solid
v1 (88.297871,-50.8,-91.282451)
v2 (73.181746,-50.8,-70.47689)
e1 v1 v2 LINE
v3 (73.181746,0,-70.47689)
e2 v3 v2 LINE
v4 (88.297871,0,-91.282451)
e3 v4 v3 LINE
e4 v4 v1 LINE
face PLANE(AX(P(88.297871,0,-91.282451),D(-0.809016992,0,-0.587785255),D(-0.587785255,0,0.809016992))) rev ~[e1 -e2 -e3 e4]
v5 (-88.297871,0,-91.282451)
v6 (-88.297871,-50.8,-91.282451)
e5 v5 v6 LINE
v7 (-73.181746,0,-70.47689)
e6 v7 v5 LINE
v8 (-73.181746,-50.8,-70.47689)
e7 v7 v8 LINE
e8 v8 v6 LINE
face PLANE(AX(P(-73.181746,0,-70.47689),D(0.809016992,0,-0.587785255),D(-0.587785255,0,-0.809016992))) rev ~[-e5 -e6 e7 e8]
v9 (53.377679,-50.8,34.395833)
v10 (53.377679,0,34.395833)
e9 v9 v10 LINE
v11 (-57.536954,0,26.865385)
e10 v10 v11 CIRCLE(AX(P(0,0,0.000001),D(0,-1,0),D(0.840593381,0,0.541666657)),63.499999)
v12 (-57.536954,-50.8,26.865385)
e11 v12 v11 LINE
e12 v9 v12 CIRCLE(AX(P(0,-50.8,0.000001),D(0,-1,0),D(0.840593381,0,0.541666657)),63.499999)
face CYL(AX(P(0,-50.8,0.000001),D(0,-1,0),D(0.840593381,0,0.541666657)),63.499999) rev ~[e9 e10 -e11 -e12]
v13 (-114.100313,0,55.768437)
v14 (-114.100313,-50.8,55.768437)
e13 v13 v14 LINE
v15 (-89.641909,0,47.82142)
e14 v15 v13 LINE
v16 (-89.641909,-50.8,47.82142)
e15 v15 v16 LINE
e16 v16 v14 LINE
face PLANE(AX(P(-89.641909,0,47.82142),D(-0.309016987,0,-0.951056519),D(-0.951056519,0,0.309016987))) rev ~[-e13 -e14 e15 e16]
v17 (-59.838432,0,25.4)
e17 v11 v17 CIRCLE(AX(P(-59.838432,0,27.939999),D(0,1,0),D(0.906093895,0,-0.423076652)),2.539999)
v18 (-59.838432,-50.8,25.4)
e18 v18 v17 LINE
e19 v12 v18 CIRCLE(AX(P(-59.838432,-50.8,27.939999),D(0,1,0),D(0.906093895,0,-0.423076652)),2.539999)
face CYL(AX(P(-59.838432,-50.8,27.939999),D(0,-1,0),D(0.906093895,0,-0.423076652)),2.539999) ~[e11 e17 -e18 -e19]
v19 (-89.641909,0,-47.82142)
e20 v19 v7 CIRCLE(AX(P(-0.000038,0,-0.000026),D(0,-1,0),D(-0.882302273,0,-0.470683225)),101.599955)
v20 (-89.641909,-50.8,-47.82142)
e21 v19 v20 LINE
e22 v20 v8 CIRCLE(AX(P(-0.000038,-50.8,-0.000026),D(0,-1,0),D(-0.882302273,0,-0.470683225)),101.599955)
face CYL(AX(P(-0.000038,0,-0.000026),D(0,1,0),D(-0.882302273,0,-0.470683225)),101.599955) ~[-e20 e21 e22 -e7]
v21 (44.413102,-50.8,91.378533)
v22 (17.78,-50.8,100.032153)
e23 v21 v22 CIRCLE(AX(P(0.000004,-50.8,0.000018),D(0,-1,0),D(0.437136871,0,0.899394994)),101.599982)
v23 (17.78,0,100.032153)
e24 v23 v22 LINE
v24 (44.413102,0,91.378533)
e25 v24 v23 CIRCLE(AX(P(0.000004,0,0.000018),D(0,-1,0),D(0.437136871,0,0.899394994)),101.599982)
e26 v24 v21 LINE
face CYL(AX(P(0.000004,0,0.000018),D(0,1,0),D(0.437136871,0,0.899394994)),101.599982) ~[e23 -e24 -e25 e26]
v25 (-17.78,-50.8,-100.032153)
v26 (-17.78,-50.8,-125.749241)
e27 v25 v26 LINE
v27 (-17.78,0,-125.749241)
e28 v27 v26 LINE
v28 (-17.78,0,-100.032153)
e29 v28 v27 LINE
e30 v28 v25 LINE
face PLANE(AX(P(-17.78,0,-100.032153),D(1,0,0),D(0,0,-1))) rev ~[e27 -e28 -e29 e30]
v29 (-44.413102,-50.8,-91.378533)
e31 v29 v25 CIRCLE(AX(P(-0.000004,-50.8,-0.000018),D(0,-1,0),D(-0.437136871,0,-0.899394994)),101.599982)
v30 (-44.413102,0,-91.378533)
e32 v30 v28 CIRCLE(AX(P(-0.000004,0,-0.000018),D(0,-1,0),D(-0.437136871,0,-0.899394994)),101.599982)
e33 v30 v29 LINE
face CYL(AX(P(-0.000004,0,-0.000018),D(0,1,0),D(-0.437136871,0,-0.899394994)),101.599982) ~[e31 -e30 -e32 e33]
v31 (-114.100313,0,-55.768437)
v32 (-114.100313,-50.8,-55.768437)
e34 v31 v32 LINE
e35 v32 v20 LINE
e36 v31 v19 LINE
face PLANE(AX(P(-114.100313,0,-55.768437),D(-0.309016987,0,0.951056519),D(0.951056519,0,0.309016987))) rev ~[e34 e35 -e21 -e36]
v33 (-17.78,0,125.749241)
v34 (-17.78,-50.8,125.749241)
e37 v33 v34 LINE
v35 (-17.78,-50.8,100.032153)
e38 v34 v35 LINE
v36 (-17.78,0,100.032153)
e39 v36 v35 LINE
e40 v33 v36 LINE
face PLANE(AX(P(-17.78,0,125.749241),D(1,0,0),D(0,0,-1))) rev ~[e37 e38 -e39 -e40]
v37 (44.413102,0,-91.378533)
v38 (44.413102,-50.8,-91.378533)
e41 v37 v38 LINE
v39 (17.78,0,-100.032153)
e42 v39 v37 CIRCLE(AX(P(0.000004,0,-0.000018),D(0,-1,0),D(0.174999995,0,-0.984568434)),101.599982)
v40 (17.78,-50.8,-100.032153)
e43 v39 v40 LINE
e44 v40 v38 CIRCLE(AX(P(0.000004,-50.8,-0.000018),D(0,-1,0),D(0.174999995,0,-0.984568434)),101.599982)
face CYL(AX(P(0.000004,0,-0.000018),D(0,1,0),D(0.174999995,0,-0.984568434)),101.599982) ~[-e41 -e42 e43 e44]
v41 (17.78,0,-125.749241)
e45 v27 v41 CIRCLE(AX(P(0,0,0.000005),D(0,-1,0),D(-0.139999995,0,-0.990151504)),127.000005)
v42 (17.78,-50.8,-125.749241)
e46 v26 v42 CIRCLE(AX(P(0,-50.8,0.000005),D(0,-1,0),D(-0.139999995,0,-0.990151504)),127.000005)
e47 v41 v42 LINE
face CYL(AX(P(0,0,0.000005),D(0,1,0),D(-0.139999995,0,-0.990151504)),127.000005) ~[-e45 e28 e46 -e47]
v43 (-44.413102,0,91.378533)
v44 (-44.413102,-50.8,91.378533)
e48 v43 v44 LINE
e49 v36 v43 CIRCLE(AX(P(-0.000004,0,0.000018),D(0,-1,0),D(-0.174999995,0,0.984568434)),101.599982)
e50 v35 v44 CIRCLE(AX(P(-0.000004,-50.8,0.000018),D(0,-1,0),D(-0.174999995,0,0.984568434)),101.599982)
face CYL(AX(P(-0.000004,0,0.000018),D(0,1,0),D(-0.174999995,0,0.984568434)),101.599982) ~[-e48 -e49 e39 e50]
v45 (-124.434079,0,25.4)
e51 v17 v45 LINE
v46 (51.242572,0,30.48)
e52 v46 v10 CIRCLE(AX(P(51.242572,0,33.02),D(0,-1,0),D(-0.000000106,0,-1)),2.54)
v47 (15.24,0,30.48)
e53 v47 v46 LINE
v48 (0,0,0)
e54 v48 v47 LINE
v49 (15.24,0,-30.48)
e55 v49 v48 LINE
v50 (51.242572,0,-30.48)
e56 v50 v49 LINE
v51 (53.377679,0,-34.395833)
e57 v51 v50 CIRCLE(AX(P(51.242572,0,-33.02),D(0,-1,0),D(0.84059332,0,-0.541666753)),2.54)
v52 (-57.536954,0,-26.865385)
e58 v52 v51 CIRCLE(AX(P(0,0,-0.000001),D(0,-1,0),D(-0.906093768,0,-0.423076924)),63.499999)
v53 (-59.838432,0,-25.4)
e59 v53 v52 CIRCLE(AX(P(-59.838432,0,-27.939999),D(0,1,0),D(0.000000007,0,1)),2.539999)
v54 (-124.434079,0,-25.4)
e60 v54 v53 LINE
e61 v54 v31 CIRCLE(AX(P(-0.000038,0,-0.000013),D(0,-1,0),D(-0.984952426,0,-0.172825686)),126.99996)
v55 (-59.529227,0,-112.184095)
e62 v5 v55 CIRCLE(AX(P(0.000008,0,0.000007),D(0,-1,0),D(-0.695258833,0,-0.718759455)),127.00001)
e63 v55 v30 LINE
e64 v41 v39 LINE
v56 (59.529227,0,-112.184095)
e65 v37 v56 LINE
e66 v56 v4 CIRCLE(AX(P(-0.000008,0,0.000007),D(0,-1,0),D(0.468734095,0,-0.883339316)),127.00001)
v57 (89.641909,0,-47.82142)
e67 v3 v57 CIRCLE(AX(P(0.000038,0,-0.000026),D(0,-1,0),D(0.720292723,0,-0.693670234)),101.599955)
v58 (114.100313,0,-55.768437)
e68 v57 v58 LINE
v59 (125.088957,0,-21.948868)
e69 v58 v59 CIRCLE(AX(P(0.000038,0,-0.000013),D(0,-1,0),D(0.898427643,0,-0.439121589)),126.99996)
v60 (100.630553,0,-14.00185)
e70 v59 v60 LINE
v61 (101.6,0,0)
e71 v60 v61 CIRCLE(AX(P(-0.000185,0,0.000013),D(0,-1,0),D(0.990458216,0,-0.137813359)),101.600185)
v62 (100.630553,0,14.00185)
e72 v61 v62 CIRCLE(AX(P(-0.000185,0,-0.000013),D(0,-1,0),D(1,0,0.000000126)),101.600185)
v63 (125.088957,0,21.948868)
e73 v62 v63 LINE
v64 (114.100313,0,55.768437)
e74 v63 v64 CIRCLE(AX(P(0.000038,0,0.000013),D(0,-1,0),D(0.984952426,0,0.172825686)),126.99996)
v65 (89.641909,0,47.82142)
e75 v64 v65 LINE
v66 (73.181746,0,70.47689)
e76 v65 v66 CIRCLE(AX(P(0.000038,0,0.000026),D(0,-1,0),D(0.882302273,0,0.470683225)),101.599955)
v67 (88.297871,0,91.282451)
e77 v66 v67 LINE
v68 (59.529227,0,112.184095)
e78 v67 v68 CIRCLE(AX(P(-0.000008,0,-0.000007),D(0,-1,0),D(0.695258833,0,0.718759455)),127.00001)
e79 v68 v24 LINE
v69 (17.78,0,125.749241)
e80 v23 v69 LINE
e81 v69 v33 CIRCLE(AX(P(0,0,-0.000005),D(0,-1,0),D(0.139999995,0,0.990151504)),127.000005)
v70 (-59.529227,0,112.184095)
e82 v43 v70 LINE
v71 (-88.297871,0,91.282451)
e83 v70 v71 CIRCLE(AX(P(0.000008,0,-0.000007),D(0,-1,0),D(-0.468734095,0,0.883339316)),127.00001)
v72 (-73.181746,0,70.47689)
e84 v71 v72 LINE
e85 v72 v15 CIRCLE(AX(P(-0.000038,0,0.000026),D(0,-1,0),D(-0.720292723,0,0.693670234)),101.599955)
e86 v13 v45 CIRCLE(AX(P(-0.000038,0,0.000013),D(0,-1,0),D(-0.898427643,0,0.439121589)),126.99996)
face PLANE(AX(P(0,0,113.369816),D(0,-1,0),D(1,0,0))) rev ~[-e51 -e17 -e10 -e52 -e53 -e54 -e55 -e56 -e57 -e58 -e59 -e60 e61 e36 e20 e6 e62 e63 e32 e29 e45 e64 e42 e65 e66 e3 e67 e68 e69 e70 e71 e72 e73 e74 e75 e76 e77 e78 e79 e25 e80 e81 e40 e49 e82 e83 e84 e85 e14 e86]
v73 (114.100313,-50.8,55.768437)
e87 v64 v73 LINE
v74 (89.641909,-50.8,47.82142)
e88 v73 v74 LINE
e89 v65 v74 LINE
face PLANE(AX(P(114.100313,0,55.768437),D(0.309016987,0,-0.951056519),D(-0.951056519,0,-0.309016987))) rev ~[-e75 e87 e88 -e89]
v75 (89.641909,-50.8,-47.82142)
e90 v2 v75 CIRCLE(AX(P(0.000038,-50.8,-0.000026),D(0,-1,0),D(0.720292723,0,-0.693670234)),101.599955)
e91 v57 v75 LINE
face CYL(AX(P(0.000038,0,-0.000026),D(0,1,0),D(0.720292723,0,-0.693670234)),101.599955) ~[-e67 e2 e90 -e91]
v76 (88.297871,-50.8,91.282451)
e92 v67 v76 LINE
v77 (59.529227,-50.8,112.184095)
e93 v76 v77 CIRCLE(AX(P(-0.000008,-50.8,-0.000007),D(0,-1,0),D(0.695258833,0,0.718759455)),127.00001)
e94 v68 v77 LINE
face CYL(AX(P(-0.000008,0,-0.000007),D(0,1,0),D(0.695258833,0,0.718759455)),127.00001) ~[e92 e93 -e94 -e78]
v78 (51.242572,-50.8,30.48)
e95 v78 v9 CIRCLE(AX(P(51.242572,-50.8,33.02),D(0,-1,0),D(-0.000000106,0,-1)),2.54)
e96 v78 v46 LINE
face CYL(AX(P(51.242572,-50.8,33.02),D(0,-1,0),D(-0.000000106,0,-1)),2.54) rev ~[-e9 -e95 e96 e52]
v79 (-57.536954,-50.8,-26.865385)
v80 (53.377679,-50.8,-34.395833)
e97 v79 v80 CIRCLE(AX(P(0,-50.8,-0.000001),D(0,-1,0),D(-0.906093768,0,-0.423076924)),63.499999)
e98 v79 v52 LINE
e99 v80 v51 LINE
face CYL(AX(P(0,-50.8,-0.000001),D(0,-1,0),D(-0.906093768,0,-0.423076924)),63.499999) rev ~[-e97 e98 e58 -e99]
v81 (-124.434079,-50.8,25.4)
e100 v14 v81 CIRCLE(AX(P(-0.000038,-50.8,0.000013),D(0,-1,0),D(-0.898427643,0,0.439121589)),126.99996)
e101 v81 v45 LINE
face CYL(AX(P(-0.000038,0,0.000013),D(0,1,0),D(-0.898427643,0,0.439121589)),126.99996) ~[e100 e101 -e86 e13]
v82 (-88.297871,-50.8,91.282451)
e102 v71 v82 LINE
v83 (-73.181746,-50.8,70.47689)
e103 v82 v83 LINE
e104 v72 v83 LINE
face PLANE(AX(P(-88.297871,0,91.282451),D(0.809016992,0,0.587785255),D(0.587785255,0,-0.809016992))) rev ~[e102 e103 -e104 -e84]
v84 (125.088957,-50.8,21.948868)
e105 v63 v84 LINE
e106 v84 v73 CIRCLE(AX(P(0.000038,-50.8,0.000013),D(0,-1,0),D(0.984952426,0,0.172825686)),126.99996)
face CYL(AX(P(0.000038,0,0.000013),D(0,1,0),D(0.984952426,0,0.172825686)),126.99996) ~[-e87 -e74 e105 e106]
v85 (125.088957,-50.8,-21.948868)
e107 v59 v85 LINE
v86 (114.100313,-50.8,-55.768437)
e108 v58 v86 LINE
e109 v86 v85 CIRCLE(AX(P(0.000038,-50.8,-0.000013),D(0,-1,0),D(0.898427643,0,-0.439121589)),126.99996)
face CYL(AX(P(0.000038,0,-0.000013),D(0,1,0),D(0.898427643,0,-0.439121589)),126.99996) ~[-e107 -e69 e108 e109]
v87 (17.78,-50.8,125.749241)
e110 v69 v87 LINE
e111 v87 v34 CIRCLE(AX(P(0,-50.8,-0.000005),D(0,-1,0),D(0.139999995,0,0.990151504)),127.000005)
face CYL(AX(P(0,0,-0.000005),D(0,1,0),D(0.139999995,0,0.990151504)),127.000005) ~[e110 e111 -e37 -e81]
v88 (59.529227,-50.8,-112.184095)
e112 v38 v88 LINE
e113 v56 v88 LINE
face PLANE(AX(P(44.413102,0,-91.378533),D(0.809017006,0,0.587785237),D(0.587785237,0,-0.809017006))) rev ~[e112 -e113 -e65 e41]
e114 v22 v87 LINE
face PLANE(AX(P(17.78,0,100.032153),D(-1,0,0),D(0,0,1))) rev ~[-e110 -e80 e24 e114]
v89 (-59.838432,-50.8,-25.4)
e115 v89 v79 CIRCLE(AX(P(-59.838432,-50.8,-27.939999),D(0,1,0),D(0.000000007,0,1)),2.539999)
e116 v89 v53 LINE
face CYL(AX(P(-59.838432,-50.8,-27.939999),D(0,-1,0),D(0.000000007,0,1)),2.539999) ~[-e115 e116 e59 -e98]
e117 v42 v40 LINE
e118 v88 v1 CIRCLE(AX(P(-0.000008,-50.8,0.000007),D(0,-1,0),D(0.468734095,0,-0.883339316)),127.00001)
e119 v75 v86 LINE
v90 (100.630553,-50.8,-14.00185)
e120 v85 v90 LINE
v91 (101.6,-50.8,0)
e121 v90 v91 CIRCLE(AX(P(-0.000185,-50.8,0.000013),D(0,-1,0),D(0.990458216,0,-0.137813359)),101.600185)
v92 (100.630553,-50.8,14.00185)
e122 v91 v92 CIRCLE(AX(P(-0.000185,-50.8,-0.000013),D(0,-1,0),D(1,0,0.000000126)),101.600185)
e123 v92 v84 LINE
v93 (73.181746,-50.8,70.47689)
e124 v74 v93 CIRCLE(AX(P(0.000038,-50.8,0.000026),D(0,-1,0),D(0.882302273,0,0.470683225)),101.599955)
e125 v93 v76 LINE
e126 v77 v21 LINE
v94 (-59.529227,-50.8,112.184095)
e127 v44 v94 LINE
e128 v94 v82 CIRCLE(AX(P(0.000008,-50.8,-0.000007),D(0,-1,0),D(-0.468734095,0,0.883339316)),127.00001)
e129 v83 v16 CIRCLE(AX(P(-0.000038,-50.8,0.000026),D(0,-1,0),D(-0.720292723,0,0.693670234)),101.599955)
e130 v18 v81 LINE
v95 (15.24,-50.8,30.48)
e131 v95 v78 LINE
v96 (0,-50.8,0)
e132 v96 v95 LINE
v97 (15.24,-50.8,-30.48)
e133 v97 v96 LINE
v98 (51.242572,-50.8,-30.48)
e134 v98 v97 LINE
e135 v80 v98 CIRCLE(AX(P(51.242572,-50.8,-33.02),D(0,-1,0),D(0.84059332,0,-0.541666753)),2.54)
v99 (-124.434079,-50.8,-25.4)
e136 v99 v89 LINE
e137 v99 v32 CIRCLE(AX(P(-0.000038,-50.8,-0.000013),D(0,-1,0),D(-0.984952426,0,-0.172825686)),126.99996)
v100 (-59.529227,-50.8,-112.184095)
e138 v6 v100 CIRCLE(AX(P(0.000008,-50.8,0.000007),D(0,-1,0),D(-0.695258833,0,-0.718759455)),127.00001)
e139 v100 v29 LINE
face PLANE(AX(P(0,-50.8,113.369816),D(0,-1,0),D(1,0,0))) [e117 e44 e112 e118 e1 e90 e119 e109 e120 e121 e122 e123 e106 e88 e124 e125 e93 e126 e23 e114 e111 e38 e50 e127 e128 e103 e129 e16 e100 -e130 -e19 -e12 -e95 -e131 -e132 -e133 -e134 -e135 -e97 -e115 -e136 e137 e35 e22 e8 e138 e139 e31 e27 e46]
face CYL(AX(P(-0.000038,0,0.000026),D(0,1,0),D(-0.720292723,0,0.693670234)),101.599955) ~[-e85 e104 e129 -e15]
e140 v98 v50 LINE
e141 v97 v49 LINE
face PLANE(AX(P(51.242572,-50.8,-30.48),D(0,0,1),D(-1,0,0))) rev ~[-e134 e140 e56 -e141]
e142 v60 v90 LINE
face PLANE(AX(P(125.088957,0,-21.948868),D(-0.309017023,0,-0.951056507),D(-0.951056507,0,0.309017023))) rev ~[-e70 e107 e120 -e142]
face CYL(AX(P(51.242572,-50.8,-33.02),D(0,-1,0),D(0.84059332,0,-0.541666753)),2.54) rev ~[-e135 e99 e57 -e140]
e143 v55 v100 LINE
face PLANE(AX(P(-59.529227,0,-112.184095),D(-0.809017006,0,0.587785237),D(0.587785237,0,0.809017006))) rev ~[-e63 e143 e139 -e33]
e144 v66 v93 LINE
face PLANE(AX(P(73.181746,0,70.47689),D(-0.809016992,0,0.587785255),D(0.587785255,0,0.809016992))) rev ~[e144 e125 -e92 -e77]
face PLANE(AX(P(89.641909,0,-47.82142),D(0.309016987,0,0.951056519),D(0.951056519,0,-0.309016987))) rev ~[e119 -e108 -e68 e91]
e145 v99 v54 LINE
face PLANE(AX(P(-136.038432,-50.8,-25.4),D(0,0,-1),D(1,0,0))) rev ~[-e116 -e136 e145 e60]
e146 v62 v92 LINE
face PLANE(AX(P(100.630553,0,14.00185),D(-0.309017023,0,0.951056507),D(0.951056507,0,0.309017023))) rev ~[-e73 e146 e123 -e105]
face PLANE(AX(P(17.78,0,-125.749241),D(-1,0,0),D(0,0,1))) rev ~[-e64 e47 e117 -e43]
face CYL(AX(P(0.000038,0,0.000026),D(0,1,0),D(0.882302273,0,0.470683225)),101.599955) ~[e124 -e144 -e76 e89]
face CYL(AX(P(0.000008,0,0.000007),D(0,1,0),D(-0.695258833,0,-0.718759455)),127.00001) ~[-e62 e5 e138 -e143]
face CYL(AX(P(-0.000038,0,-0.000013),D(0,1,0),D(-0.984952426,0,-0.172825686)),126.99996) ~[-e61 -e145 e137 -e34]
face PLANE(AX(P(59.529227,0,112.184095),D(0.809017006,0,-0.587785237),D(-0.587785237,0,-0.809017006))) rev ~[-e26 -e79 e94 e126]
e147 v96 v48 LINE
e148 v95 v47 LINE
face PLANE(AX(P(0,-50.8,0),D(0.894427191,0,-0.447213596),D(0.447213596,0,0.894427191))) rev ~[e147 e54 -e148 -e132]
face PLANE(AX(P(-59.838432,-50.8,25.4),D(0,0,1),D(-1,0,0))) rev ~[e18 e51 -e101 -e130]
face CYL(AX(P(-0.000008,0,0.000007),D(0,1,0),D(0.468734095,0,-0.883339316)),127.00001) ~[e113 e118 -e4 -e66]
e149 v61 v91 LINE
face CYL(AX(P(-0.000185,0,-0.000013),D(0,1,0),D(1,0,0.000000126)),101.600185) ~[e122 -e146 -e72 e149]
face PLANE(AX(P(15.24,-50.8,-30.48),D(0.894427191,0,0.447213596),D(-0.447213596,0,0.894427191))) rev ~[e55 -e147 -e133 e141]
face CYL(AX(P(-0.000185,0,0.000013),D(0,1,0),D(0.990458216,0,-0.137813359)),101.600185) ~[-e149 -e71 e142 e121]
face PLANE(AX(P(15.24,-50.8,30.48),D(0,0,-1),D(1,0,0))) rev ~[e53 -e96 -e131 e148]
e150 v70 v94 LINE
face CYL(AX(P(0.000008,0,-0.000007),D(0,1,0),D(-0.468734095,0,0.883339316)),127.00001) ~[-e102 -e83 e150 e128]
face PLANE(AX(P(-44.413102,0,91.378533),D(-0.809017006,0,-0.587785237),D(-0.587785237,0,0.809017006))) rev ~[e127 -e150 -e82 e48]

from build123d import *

# Parameters (mm, degrees)
F1_DEPTH = 50.8
F3_DEPTH = 50.8


with BuildPart() as f1:
    # F0 (on Front) → F1 (new body)
    with BuildSketch(Plane.XZ):
        with BuildLine():
            Line((17.78, 100.032153), (17.78, 125.749241))
            ThreePointArc((17.78, 125.749241), (0, 127), (-17.78, 125.749241))
            Line((-17.78, 125.749241), (-17.78, 100.032153))
            ThreePointArc((-17.78, 100.032153), (0, 101.6), (17.78, 100.032153))
        make_face()
        with BuildLine():
            ThreePointArc((44.413102, 91.378533), (31.396127, 96.627342), (17.78, 100.032153))
            ThreePointArc((17.78, 100.032153), (0, 101.6), (-17.78, 100.032153))
            ThreePointArc((-17.78, 100.032153), (-31.396127, 96.627342), (-44.413102, 91.378533))
            ThreePointArc((-44.413102, 91.378533), (-59.718982, 82.196127), (-73.181746, 70.47689))
            ThreePointArc((-73.181746, 70.47689), (-82.196127, 59.718982), (-89.641909, 47.82142))
            ThreePointArc((-89.641909, 47.82142), (-96.627342, 31.396127), (-100.630553, 14.00185))
            ThreePointArc((-100.630553, 14.00185), (-101.6, 0), (-100.630553, -14.00185))
            ThreePointArc((-100.630553, -14.00185), (-96.627342, -31.396127), (-89.641909, -47.82142))
            ThreePointArc((-89.641909, -47.82142), (-82.196127, -59.718982), (-73.181746, -70.47689))
            ThreePointArc((-73.181746, -70.47689), (-59.718982, -82.196127), (-44.413102, -91.378533))
            ThreePointArc((-44.413102, -91.378533), (-31.396127, -96.627342), (-17.78, -100.032153))
            ThreePointArc((-17.78, -100.032153), (0, -101.6), (17.78, -100.032153))
            ThreePointArc((17.78, -100.032153), (31.396127, -96.627342), (44.413102, -91.378533))
            ThreePointArc((44.413102, -91.378533), (59.718982, -82.196127), (73.181746, -70.47689))
            ThreePointArc((73.181746, -70.47689), (82.196127, -59.718982), (89.641909, -47.82142))
            ThreePointArc((89.641909, -47.82142), (96.627342, -31.396127), (100.630553, -14.00185))
            ThreePointArc((100.630553, -14.00185), (101.357348, -7.017686), (101.6, 0))
            ThreePointArc((101.6, 0), (101.357348, 7.017686), (100.630553, 14.00185))
            ThreePointArc((100.630553, 14.00185), (96.627342, 31.396127), (89.641909, 47.82142))
            ThreePointArc((89.641909, 47.82142), (82.196127, 59.718982), (73.181746, 70.47689))
            ThreePointArc((73.181746, 70.47689), (59.718982, 82.196127), (44.413102, 91.378533))
        make_face()
        with BuildLine():
            Line((59.529227, 112.184095), (44.413102, 91.378533))
            ThreePointArc((44.413102, 91.378533), (59.718982, 82.196127), (73.181746, 70.47689))
            Line((73.181746, 70.47689), (88.297871, 91.282451))
            ThreePointArc((88.297871, 91.282451), (74.648727, 102.745158), (59.529227, 112.184095))
        make_face()
        with BuildLine():
            ThreePointArc((-73.181746, 70.47689), (-59.718982, 82.196127), (-44.413102, 91.378533))
            Line((-44.413102, 91.378533), (-59.529227, 112.184095))
            ThreePointArc((-59.529227, 112.184095), (-74.648727, 102.745158), (-88.297871, 91.282451))
            Line((-88.297871, 91.282451), (-73.181746, 70.47689))
        make_face()
        with BuildLine():
            Line((114.100313, 55.768437), (89.641909, 47.82142))
            ThreePointArc((89.641909, 47.82142), (96.627342, 31.396127), (100.630553, 14.00185))
            Line((100.630553, 14.00185), (125.088957, 21.948868))
            ThreePointArc((125.088957, 21.948868), (120.784178, 39.245158), (114.100313, 55.768437))
        make_face()
        with BuildLine():
            ThreePointArc((-100.630553, 14.00185), (-96.627342, 31.396127), (-89.641909, 47.82142))
            Line((-89.641909, 47.82142), (-114.100313, 55.768437))
            ThreePointArc((-114.100313, 55.768437), (-120.784178, 39.245158), (-125.088957, 21.948868))
            Line((-125.088957, 21.948868), (-100.630553, 14.00185))
        make_face()
        with BuildLine():
            ThreePointArc((-89.641909, -47.82142), (-96.627342, -31.396127), (-100.630553, -14.00185))
            Line((-100.630553, -14.00185), (-125.088957, -21.948868))
            ThreePointArc((-125.088957, -21.948868), (-120.784178, -39.245158), (-114.100313, -55.768437))
            Line((-114.100313, -55.768437), (-89.641909, -47.82142))
        make_face()
        with BuildLine():
            Line((125.088957, -21.948868), (100.630553, -14.00185))
            ThreePointArc((100.630553, -14.00185), (96.627342, -31.396127), (89.641909, -47.82142))
            Line((89.641909, -47.82142), (114.100313, -55.768437))
            ThreePointArc((114.100313, -55.768437), (120.784178, -39.245158), (125.088957, -21.948868))
        make_face()
        with BuildLine():
            ThreePointArc((-44.413102, -91.378533), (-59.718982, -82.196127), (-73.181746, -70.47689))
            Line((-73.181746, -70.47689), (-88.297871, -91.282451))
            ThreePointArc((-88.297871, -91.282451), (-74.648727, -102.745158), (-59.529227, -112.184095))
            Line((-59.529227, -112.184095), (-44.413102, -91.378533))
        make_face()
        with BuildLine():
            Line((88.297871, -91.282451), (73.181746, -70.47689))
            ThreePointArc((73.181746, -70.47689), (59.718982, -82.196127), (44.413102, -91.378533))
            Line((44.413102, -91.378533), (59.529227, -112.184095))
            ThreePointArc((59.529227, -112.184095), (74.648727, -102.745158), (88.297871, -91.282451))
        make_face()
        with BuildLine():
            ThreePointArc((17.78, -100.032153), (0, -101.6), (-17.78, -100.032153))
            Line((-17.78, -100.032153), (-17.78, -125.749241))
            ThreePointArc((-17.78, -125.749241), (0, -127), (17.78, -125.749241))
            Line((17.78, -125.749241), (17.78, -100.032153))
        make_face()
    extrude(amount=F1_DEPTH)

    # F2 (on face) → F3 (cut)
    with BuildSketch(Plane.XZ.offset(50.8)):
        with BuildLine():
            ThreePointArc((51.242572, 30.48), (53.472619, 31.804068), (53.377679, 34.395833))
            ThreePointArc((53.377679, 34.395833), (-4.301373, 63.354149), (-57.536954, 26.865385))
            ThreePointArc((-57.536954, 26.865385), (-58.474234, 25.79744), (-59.838432, 25.4))
            Line((-59.838432, 25.4), (-136.038432, 25.4))
            Line((-136.038432, 25.4), (-136.038432, -25.4))
            Line((-136.038432, -25.4), (-59.838432, -25.4))
            ThreePointArc((-59.838432, -25.4), (-58.474234, -25.79744), (-57.536954, -26.865385))
            ThreePointArc((-57.536954, -26.865385), (-4.301373, -63.354149), (53.377679, -34.395833))
            ThreePointArc((53.377679, -34.395833), (53.472619, -31.804068), (51.242572, -30.48))
            Line((51.242572, -30.48), (15.24, -30.48))
            Line((15.24, -30.48), (0, 0))
            Line((0, 0), (15.24, 30.48))
            Line((15.24, 30.48), (51.242572, 30.48))
        make_face()
    extrude(amount=-F3_DEPTH, mode=Mode.SUBTRACT)


solid = f1.part
